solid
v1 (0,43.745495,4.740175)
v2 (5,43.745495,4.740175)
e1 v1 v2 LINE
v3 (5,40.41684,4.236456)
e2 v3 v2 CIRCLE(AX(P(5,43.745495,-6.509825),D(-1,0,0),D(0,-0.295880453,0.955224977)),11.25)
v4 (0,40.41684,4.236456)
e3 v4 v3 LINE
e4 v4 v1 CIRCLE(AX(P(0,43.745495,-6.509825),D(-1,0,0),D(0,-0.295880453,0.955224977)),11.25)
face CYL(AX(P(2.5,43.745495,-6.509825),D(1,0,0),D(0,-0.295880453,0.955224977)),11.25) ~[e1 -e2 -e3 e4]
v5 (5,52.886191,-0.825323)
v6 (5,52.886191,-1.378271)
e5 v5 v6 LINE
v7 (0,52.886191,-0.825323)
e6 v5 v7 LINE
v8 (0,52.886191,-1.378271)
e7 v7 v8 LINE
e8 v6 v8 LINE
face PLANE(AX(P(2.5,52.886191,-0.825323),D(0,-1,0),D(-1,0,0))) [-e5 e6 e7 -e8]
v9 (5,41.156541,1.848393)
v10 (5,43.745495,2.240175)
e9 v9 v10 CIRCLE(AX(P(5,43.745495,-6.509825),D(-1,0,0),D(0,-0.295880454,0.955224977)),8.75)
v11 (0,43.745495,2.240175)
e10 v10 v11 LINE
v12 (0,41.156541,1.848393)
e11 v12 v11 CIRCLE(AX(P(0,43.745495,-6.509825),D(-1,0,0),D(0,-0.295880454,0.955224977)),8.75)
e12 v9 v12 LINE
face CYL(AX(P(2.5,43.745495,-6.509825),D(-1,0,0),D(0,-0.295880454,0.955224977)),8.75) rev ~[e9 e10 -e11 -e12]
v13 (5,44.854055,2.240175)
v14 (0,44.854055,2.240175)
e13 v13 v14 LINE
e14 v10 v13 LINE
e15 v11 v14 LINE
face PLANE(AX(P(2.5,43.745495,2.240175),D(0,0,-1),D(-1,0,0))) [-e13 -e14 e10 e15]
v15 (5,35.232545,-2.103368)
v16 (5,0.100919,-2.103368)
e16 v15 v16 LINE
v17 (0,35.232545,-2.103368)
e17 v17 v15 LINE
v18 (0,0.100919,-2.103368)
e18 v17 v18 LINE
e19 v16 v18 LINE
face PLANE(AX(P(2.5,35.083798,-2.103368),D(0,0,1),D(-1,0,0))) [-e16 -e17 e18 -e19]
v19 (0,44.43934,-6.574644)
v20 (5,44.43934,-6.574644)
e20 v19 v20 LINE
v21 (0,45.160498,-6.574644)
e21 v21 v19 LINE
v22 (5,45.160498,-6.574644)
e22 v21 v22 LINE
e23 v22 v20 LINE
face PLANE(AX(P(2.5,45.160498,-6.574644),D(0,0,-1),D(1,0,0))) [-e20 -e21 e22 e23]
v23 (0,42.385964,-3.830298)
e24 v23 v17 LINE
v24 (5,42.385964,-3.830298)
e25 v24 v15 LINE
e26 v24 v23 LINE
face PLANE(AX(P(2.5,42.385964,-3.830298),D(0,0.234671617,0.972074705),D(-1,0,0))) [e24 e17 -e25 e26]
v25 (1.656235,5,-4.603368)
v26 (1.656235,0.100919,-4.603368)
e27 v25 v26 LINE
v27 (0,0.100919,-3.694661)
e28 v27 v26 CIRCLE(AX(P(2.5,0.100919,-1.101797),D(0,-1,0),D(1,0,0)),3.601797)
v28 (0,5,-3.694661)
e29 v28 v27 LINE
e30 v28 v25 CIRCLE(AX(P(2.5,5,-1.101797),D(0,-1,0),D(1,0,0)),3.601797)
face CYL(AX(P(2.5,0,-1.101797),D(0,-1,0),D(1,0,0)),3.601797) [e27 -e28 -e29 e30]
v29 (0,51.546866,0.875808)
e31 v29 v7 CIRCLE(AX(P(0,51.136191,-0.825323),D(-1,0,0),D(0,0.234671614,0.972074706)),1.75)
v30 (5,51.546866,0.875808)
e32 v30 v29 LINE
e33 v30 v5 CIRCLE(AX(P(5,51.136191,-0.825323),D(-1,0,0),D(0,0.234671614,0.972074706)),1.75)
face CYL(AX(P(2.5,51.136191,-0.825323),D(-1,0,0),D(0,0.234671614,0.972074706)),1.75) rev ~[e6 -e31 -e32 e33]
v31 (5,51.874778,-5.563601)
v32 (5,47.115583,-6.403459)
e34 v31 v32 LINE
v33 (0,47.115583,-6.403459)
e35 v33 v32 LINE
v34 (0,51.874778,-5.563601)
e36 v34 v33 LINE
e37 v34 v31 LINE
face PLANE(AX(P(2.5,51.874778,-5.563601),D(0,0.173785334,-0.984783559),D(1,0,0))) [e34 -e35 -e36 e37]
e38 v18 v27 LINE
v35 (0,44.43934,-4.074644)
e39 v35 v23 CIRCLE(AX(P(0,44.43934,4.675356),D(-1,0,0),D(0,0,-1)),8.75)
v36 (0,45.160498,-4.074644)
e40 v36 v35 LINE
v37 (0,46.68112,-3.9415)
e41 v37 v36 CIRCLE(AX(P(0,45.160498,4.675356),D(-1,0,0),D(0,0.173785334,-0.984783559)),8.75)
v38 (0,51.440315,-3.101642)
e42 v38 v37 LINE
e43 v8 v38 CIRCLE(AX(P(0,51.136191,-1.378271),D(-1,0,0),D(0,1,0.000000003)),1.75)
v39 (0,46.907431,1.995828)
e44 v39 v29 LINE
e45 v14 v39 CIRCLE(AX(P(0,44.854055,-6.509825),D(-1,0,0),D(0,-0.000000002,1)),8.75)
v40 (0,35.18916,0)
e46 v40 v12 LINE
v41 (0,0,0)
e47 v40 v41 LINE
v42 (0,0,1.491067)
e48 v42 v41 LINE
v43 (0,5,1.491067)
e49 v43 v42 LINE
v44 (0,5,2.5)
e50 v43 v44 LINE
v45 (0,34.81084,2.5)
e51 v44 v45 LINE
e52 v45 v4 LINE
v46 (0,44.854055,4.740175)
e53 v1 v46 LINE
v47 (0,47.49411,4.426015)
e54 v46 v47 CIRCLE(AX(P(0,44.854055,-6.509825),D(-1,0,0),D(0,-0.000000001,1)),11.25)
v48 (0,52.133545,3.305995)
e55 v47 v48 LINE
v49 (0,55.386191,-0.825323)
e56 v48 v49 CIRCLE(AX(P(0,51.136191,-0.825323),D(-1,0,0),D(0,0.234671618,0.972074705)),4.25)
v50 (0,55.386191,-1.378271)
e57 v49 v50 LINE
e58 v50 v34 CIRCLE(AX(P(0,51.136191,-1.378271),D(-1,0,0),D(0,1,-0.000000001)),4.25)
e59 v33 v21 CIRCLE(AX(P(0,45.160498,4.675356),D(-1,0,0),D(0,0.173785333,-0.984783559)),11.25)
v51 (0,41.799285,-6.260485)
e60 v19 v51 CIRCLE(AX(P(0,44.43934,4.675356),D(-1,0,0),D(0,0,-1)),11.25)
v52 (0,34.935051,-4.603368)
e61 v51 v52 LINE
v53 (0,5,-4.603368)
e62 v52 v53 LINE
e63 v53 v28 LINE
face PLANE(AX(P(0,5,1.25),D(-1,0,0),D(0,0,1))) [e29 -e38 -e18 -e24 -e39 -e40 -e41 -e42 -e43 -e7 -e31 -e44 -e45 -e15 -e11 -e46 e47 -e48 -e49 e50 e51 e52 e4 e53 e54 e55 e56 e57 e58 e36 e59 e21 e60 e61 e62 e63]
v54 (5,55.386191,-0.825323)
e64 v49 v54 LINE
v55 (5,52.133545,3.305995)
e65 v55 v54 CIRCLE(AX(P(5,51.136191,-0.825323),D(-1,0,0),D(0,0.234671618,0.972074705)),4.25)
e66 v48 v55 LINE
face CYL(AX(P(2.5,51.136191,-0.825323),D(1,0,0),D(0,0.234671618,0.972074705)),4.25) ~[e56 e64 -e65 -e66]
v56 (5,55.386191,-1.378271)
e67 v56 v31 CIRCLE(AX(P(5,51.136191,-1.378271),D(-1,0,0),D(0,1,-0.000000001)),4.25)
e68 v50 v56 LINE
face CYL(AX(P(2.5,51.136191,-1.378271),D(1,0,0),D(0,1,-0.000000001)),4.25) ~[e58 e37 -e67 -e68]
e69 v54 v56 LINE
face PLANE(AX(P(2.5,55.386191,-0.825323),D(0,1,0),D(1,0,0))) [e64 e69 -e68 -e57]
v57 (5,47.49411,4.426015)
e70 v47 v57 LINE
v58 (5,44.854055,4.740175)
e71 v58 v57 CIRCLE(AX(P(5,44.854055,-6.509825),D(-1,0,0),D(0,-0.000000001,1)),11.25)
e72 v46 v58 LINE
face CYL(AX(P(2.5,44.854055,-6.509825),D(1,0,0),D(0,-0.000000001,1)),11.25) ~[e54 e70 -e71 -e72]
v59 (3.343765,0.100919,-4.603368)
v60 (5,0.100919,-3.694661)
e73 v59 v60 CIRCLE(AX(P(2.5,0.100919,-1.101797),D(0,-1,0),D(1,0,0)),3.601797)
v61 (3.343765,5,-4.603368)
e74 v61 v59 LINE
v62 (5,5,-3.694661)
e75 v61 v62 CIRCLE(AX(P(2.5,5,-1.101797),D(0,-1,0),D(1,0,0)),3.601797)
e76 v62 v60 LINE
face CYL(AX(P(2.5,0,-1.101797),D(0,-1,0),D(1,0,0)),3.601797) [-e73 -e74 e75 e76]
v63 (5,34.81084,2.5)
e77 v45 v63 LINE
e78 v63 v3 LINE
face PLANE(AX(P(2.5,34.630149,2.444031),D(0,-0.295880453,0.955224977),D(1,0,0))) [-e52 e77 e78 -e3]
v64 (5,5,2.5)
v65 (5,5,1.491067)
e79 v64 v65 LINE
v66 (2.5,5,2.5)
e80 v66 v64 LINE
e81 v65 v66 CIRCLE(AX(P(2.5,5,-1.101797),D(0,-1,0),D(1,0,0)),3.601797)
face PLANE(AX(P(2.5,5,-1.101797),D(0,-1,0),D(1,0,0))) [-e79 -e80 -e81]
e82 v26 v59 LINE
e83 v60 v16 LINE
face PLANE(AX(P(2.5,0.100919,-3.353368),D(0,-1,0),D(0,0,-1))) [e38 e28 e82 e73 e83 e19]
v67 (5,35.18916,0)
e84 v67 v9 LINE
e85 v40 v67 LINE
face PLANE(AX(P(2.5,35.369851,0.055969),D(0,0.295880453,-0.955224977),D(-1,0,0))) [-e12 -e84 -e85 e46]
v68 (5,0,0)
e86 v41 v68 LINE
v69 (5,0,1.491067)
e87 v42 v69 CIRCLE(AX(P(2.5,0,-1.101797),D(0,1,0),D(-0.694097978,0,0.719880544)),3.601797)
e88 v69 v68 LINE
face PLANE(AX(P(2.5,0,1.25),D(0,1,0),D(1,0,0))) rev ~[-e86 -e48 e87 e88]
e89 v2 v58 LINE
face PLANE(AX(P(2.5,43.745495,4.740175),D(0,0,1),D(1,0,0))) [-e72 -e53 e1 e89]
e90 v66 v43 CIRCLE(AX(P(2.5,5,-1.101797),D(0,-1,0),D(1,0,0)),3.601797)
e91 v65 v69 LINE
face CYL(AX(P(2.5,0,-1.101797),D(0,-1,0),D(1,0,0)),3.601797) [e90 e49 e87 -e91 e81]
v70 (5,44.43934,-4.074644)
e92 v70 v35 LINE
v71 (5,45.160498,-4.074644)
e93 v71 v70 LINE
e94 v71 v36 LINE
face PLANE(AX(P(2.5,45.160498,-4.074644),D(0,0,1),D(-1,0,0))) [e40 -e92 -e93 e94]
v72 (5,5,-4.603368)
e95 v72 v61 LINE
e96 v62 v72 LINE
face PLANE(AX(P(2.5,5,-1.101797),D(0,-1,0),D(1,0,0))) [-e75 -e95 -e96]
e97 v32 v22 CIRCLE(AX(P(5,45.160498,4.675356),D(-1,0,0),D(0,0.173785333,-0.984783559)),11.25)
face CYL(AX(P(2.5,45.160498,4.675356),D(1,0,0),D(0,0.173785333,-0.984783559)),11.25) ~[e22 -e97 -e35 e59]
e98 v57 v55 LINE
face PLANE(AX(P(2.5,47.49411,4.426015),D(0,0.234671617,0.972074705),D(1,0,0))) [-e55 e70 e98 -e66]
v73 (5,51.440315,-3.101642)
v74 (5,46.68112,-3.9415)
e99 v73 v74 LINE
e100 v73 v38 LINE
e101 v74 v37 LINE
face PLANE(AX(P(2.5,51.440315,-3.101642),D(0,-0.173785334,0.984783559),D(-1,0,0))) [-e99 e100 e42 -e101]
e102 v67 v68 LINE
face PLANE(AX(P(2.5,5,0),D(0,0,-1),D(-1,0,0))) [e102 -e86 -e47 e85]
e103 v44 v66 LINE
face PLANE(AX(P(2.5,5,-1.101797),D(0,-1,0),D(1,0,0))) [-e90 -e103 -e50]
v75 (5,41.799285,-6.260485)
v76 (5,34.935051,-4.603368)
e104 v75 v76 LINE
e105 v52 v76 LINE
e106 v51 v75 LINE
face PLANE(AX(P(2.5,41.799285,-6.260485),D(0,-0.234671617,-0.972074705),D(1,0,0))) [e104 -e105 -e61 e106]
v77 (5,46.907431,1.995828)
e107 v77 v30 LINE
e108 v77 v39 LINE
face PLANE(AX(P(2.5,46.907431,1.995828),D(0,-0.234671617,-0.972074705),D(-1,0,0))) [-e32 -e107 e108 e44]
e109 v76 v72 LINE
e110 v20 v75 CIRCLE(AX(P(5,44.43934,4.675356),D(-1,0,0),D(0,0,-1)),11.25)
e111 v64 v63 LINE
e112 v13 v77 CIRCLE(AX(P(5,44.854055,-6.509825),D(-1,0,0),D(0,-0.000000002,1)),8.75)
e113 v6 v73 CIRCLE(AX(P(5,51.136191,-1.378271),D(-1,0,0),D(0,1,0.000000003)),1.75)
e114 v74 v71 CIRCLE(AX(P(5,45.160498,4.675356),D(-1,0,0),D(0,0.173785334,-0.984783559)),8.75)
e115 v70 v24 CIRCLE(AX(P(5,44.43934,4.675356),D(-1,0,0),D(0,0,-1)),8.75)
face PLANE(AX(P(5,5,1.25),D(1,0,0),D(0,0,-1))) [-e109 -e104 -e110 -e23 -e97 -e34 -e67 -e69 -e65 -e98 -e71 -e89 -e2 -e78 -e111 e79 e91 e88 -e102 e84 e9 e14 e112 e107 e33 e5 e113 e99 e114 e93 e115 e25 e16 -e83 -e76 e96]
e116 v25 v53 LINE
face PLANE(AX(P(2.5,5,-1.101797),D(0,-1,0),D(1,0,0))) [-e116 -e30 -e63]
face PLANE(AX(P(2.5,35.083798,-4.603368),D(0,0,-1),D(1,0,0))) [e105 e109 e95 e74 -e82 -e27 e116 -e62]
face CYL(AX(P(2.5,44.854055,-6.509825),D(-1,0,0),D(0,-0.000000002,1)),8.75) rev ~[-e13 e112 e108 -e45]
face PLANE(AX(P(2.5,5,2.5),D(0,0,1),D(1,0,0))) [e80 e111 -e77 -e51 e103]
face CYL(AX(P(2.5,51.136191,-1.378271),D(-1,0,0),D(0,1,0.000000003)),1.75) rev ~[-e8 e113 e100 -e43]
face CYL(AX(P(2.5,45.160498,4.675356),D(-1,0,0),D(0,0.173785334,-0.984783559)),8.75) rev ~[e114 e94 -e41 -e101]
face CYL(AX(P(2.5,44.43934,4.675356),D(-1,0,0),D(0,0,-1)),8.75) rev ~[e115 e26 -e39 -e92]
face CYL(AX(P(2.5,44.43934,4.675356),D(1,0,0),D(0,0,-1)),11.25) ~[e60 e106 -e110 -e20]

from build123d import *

# Parameters (mm, degrees)
CROQUIS1_W              = 5
CROQUIS1_H              = 2.5
SALIENTE_EXTRUIR1_DEPTH = 5
CROQUIS2_W              = 5
CROQUIS2_H              = 2.5
CROQUIS3_R              = 5.920836197
CROQUIS3_R_2            = 3.60179698
CORTAR_EXTRUIR1_DEPTH   = 5


with BuildPart() as part:
    # Croquis1 → Saliente-Extruir1 (new body)
    with BuildSketch(Plane(origin=(0, 0, 0), x_dir=(1, 0, 0), z_dir=(0, 1, 0))):
        with Locations((2.5, -1.25)):
            Rectangle(CROQUIS1_W, CROQUIS1_H)
    extrude(amount=SALIENTE_EXTRUIR1_DEPTH)

    # Barrer1: sweep along a curve in space
    with BuildLine() as barrer1_path:
        Line((2.5, 5, 1.25), (2.5, 35, 1.25))
        Line((2.5, 35, 1.25), (2.5, 40.786690732, 3.042424523))
        ThreePointArc((2.5, 40.786690732, 3.042424523), (2.5, 42.249249584, 3.377603579), (2.5, 43.745495261, 3.490174748))
        Line((2.5, 43.745495261, 3.490174748), (2.5, 44.85405472, 3.490174748))
        ThreePointArc((2.5, 44.85405472, 3.490174748), (2.5, 46.035691189, 3.420116101), (2.5, 47.200770887, 3.2109218))
        Line((2.5, 47.200770887, 3.2109218), (2.5, 51.840205401, 2.090901298))
        ThreePointArc((2.5, 51.840205401, 2.090901298), (2.5, 53.493312159, 1.030472895), (2.5, 54.136190551, -0.825322817))
        Line((2.5, 54.136190551, -0.825322817), (2.5, 54.136190551, -1.378271143))
        ThreePointArc((2.5, 54.136190551, -1.378271143), (2.5, 53.43445816, -3.306473933), (2.5, 51.657546553, -4.33262182))
        Line((2.5, 51.657546553, -4.33262182), (2.5, 46.898351702, -5.172479734))
        ThreePointArc((2.5, 46.898351702, -5.172479734), (2.5, 46.032749508, -5.28653041), (2.5, 45.160498363, -5.324644146))
        Line((2.5, 45.160498363, -5.324644146), (2.5, 44.439340414, -5.324644146))
        ThreePointArc((2.5, 44.439340414, -5.324644146), (2.5, 43.257703945, -5.254585498), (2.5, 42.092624247, -5.045391197))
        Line((2.5, 42.092624247, -5.045391197), (2.5, 35.083797871, -3.353368343))
        Line((2.5, 35.083797871, -3.353368343), (2.5, 0.100918739, -3.353368343))
    # Croquis2 → Barrer1 (sweep)
    with BuildSketch(Plane(origin=(0, 5, 0), x_dir=(1, 0, 0), z_dir=(0, 1, 0))):
        with Locations((2.5, -1.25)):
            Rectangle(CROQUIS2_W, CROQUIS2_H)
    sweep(path=barrer1_path.line, transition=Transition.RIGHT)

    # Croquis3 → Cortar-Extruir1 (cut)
    with BuildSketch(Plane.XZ):
        with Locations((2.5, -1.10179698)):
            Circle(CROQUIS3_R)
        with Locations((2.5, -1.10179698)):
            Circle(CROQUIS3_R_2, mode=Mode.SUBTRACT)
    extrude(amount=-CORTAR_EXTRUIR1_DEPTH, mode=Mode.SUBTRACT)


solid = part.part
